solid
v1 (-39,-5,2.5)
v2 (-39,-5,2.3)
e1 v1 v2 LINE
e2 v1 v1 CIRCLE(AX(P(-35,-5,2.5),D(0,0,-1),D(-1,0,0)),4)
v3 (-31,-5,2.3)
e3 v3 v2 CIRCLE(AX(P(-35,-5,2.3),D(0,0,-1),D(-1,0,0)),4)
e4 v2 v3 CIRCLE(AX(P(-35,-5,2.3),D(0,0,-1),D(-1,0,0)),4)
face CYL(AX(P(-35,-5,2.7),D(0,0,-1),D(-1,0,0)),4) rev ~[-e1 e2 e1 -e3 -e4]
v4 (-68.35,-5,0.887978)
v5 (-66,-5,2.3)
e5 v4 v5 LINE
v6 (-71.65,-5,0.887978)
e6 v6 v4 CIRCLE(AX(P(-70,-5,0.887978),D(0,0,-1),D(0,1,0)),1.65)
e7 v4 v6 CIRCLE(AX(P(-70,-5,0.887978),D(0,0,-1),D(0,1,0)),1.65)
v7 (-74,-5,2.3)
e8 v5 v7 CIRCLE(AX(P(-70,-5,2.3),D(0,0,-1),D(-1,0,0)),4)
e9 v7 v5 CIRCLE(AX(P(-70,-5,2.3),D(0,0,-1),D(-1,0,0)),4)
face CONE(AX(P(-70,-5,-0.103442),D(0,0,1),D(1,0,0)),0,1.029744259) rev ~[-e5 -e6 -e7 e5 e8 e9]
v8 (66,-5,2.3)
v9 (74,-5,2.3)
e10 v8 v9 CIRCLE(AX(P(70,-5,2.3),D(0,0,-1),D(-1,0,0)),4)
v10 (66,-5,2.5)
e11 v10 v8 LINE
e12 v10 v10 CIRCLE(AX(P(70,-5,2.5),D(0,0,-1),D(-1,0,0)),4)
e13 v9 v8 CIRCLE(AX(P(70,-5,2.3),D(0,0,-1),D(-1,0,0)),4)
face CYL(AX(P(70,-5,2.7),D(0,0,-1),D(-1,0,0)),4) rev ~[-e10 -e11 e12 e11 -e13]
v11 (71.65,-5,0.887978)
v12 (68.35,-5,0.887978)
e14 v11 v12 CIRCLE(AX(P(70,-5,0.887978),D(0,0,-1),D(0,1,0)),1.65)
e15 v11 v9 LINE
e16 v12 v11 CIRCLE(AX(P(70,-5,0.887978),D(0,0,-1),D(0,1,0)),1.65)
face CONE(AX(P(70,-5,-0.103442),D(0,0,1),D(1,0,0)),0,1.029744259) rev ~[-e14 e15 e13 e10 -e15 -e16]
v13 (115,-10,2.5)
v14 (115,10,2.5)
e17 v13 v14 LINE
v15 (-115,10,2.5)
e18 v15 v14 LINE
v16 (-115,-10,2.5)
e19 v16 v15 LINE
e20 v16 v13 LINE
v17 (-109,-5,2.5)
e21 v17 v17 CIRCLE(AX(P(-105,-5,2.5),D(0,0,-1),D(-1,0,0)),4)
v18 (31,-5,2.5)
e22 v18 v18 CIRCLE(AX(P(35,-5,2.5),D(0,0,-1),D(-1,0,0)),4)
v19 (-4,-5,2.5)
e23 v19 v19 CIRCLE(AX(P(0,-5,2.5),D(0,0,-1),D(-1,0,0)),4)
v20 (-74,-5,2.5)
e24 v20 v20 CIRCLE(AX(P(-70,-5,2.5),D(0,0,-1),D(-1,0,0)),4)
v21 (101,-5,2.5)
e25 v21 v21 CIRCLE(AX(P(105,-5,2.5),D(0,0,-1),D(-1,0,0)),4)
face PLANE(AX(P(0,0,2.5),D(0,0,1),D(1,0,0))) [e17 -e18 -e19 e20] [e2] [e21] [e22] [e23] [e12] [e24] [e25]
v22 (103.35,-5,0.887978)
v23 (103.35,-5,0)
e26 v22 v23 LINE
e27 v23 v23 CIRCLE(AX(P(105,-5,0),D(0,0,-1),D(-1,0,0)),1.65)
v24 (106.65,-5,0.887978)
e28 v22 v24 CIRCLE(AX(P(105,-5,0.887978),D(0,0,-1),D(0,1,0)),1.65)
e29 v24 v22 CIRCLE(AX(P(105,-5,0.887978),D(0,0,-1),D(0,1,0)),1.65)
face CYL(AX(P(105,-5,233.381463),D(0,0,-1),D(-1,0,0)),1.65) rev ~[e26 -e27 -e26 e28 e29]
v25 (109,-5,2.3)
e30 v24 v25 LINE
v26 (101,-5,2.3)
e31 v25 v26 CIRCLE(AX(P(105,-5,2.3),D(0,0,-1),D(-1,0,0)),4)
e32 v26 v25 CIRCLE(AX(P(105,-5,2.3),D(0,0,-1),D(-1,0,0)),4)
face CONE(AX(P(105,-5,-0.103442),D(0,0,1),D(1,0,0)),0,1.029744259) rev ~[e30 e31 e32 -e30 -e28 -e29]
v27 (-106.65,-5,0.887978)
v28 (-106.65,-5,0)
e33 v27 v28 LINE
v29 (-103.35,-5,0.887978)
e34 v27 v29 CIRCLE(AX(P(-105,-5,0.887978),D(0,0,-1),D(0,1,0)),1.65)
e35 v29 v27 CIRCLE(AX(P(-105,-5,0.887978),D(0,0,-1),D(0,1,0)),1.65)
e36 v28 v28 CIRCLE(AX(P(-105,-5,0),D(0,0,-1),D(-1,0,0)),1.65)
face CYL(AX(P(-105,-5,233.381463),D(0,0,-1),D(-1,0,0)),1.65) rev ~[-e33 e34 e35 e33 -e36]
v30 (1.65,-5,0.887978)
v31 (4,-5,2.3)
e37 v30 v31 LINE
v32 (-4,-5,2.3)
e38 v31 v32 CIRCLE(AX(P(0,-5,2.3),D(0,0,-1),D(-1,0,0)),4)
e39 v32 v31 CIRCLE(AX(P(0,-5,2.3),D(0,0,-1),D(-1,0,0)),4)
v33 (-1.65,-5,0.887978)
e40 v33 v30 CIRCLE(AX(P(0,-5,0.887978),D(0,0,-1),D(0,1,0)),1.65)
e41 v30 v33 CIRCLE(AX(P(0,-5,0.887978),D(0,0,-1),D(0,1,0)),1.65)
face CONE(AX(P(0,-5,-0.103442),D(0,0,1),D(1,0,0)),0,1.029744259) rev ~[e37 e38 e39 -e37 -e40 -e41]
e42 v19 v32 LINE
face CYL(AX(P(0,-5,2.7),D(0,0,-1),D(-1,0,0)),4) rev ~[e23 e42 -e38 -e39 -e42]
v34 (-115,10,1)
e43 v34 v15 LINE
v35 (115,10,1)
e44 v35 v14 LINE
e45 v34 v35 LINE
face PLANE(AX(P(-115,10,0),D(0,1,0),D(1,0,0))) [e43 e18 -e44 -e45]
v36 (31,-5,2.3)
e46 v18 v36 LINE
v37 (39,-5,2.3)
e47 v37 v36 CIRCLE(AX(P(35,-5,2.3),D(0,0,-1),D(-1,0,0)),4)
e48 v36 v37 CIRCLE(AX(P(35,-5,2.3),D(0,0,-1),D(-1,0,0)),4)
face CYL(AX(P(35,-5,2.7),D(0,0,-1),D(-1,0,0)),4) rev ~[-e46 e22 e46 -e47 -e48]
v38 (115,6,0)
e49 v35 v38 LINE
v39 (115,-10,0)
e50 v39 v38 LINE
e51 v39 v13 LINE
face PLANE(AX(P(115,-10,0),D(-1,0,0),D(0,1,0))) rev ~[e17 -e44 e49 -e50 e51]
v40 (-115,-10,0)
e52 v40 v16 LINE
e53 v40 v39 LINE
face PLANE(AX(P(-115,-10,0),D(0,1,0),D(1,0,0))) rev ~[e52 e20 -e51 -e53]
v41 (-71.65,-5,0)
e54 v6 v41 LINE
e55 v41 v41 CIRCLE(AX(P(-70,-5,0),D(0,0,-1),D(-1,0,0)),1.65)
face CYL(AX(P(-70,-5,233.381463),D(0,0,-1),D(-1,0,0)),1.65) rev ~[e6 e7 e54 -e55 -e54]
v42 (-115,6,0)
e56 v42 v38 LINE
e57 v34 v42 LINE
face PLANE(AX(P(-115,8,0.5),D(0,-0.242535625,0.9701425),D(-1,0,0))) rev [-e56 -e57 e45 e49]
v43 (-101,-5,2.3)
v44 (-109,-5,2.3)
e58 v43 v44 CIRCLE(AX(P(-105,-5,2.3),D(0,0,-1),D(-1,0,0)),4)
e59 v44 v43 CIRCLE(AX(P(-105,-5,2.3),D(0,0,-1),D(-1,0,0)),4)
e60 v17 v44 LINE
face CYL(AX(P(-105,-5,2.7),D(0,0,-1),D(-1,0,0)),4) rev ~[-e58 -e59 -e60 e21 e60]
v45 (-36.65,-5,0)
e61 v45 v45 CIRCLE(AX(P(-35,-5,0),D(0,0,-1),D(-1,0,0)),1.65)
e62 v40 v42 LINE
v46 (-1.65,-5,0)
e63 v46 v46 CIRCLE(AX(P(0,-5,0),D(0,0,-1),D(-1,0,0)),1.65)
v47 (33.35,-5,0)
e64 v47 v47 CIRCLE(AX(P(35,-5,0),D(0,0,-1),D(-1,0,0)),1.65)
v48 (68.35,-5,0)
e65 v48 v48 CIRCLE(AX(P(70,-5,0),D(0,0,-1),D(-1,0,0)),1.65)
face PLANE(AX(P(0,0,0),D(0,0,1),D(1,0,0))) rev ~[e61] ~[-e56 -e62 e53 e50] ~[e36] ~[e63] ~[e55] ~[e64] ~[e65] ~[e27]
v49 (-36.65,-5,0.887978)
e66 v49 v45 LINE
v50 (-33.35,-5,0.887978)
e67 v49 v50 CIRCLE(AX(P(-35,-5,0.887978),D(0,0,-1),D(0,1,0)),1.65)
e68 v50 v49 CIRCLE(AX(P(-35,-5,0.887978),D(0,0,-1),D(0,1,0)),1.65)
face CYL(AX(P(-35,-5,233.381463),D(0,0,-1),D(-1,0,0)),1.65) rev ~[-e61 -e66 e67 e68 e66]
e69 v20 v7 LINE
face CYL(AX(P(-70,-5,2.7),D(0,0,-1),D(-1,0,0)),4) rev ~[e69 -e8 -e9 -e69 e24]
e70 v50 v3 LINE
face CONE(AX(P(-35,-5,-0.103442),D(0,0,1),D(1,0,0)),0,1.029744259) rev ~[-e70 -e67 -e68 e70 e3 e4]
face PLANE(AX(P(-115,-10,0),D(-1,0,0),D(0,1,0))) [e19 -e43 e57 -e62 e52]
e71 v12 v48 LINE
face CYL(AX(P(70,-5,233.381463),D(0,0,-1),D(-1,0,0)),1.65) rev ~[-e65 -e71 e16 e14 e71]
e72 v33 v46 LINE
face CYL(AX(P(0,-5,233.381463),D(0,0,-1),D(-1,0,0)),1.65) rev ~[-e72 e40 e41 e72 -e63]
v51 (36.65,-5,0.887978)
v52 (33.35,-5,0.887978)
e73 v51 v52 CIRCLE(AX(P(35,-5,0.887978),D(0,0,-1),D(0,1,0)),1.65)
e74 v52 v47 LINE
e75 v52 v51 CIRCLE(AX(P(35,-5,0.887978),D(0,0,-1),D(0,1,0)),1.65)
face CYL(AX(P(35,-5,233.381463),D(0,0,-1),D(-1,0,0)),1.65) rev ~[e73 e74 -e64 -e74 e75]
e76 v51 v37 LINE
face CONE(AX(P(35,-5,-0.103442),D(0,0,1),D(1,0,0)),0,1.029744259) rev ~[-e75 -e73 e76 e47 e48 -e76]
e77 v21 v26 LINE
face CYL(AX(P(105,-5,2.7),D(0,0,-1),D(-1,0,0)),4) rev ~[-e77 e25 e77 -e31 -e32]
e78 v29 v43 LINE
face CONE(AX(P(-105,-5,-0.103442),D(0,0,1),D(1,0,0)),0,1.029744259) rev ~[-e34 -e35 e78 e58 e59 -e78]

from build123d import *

# Parameters (mm, degrees)
F0_W     = 230
F0_H     = 20
F1_DEPTH = 2.5
F3_D     = 3.3
F4_SIZE2 = 4
F4_SIZE  = 1
F6_D     = 8
F6_DEPTH = 0.2
F6_TIP   = 2.4034424761


with BuildPart() as f1:
    # F0 (on Top) → F1 (new body)
    with BuildSketch(Plane.XY):
        Rectangle(F0_W, F0_H)
    extrude(amount=F1_DEPTH)

    # F3 (through all)
    with Locations(Plane.XY.offset(2.5)):
        with Locations((-105, -5), (-70, -5), (-35, -5), (0, -5), (35, -5), (105, -5), (70, -5)):
            Hole(F3_D / 2)

    # F4
    f4_edges = [f1.edges().sort_by_distance(p)[0] for p in [
        (0, 10, 0),
    ]]
    f4_side = f1.faces().sort_by_distance((0, 10, 1.25))[0]
    chamfer(f4_edges, length=F4_SIZE, length2=F4_SIZE2, reference=f4_side)

    # F6
    with Locations(Plane.XY.offset(2.5)):
        with Locations((-105, -5), (-70, -5), (-35, -5), (0, -5), (105, -5), (70, -5), (35, -5)):
            Hole(F6_D / 2, depth=F6_DEPTH)
            with Locations((0, 0, -(F6_DEPTH + F6_TIP / 2))):  # 118° drill point
                Cone(0, F6_D / 2, F6_TIP, mode=Mode.SUBTRACT)


solid = f1.part
